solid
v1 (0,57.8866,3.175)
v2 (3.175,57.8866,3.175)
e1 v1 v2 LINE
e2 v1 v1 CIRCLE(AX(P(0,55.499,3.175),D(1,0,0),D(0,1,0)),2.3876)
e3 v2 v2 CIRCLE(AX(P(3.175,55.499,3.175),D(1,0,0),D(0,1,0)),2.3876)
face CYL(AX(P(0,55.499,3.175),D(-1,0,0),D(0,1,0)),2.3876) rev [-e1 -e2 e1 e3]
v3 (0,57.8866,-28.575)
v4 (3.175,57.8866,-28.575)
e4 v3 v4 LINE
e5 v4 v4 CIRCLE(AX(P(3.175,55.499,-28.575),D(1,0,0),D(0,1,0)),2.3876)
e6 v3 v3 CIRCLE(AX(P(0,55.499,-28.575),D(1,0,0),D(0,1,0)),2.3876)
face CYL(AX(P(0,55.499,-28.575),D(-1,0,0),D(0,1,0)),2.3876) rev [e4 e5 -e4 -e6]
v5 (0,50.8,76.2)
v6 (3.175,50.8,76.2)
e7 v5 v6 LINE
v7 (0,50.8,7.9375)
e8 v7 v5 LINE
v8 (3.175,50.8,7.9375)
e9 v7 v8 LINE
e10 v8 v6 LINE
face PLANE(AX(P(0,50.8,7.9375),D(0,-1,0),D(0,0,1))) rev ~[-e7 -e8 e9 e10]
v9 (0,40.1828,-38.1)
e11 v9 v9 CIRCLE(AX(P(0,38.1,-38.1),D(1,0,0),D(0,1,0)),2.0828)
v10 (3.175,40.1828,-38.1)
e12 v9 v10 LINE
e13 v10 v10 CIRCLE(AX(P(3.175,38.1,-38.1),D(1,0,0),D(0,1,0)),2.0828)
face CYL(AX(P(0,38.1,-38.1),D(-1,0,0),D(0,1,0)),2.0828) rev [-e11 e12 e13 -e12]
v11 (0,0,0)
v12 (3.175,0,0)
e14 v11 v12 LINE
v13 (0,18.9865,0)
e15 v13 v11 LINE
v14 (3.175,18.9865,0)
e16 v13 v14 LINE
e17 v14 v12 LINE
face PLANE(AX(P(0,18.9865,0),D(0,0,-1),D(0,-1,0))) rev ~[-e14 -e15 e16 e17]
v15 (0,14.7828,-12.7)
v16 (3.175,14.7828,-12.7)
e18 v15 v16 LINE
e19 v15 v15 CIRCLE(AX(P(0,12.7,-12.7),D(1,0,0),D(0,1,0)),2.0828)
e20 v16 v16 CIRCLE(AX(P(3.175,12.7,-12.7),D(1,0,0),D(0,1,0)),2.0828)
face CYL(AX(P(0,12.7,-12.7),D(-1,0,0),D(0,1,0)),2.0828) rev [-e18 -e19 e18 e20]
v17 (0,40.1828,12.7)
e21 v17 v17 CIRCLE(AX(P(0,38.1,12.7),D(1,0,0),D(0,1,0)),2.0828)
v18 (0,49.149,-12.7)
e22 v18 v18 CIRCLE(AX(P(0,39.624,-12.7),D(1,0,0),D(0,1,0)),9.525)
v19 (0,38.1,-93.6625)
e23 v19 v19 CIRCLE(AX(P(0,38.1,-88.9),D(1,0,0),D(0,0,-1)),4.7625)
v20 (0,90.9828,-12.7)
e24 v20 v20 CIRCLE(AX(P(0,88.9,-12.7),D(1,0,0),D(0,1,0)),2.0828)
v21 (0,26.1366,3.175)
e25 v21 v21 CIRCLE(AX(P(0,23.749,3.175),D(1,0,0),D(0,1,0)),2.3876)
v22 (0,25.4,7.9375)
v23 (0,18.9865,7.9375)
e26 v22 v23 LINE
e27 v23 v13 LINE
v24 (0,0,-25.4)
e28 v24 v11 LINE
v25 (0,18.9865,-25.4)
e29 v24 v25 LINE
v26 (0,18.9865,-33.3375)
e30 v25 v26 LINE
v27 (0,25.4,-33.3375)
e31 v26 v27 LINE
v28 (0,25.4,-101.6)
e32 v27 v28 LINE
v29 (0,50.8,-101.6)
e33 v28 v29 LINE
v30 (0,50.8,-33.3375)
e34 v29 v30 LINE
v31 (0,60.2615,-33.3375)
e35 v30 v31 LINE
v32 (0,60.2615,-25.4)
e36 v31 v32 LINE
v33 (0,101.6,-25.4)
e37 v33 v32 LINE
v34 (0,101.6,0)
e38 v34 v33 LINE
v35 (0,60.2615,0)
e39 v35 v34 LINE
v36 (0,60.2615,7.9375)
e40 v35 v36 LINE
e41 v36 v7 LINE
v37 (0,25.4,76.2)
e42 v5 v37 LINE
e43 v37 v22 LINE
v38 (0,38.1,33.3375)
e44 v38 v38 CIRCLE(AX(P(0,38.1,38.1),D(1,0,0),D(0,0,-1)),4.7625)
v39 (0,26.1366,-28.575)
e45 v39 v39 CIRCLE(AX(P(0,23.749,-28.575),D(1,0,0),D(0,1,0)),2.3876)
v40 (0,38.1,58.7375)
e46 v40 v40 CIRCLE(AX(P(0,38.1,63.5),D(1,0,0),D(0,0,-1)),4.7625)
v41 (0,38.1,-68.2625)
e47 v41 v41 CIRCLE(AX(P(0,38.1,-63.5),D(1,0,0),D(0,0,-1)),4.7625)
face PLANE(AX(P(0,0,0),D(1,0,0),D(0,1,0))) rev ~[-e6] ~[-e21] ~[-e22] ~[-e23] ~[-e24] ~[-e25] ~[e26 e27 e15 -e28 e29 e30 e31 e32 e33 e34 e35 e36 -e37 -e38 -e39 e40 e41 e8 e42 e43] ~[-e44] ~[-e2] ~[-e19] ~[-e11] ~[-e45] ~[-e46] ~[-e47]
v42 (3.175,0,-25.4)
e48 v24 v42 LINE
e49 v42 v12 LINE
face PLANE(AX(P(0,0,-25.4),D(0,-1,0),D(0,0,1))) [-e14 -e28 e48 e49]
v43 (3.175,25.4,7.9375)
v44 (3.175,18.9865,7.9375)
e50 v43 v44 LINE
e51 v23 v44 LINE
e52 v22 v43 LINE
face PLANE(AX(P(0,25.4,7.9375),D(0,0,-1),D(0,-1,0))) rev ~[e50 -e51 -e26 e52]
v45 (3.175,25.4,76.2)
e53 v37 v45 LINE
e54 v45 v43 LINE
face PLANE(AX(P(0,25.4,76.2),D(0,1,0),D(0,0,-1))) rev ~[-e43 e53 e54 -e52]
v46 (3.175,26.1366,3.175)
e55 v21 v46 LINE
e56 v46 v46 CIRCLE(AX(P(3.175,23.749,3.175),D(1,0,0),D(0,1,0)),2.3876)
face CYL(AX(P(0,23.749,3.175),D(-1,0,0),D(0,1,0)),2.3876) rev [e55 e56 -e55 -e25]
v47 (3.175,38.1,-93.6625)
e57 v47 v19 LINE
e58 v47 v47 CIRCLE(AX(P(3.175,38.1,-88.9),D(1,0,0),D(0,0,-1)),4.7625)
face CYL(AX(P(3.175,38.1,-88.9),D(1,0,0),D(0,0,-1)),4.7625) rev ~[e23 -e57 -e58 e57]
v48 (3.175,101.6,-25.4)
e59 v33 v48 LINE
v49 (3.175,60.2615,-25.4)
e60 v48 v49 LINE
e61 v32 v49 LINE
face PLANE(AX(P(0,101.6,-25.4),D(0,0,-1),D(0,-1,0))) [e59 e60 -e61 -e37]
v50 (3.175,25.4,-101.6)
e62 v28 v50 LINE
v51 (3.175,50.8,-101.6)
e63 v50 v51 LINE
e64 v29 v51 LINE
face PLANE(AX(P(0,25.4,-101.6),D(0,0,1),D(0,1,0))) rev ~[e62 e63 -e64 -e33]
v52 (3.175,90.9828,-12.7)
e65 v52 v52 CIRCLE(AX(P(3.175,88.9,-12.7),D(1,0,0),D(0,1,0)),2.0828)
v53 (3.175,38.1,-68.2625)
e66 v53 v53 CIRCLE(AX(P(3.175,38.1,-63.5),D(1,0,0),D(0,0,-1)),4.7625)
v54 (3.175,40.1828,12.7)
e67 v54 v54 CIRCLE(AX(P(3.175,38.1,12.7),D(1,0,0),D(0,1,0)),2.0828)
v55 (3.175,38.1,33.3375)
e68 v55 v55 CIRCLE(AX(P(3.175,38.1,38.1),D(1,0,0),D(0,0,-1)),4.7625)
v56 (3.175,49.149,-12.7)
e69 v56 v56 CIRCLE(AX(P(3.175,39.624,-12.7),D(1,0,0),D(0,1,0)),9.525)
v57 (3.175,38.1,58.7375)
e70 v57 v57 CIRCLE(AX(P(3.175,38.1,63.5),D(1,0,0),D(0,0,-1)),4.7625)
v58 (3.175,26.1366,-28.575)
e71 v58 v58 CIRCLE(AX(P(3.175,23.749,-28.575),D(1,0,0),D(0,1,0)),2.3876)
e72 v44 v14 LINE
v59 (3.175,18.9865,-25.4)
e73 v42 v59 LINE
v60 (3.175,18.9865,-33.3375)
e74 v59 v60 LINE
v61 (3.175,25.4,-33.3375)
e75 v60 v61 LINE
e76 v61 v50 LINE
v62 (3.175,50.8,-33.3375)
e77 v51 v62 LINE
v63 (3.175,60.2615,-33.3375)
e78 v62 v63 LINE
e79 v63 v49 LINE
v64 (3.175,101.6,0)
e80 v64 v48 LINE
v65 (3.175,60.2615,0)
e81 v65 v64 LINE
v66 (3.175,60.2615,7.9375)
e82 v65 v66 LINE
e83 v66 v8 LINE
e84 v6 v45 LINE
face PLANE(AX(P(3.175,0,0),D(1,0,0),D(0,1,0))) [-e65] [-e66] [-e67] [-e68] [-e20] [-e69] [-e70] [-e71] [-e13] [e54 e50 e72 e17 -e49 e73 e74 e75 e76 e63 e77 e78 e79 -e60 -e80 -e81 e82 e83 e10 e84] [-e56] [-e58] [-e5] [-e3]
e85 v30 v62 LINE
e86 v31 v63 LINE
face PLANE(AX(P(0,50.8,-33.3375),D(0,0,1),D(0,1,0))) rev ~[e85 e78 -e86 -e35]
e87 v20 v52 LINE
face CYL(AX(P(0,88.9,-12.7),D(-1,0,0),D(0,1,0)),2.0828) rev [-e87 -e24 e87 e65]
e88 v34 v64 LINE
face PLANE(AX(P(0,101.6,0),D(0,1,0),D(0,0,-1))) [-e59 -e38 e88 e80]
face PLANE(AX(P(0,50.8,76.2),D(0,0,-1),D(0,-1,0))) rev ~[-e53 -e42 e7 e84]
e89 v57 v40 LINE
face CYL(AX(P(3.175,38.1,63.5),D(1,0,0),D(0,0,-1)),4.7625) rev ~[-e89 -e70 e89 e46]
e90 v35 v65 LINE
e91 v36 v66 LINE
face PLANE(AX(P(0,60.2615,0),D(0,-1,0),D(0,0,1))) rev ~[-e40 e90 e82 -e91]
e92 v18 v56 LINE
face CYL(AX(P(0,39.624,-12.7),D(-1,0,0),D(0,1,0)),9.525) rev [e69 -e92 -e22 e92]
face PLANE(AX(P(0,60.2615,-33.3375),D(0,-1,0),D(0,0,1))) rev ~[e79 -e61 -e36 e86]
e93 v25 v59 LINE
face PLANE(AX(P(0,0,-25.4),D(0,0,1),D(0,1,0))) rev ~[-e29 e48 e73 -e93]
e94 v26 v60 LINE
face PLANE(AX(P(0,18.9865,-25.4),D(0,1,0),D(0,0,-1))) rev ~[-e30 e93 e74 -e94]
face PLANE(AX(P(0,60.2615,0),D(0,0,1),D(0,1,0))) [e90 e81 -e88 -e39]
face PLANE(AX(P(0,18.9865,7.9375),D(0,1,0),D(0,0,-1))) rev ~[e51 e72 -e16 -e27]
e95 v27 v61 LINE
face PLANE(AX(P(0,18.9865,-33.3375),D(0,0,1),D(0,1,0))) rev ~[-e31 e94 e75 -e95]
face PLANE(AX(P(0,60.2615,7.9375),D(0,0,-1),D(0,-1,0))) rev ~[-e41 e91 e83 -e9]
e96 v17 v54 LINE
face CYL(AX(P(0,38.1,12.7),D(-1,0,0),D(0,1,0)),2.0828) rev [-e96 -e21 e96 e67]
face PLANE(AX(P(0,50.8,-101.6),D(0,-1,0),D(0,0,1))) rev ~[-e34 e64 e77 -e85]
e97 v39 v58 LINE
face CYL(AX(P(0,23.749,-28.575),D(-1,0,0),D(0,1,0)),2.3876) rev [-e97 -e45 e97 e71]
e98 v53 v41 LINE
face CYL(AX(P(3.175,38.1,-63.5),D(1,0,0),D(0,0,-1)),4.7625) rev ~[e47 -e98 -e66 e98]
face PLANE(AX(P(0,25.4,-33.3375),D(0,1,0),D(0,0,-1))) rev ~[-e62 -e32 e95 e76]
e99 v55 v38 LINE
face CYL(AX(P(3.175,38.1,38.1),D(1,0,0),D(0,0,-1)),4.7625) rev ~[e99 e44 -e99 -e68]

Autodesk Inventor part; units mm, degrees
ref_plane "YZ Plane" through (0, 0, 0) normal (1, 0, 0) x (0, 1, 0)
ref_plane "XZ Plane" through (0, 0, 0) normal (0, 1, 0) x (-1, 0, 0)
ref_plane "XY Plane" through (0, 0, 0) normal (0, 0, 1) x (1, 0, 0)
sketch "Sketch1" plane through (0, 0, 0) normal (1, 0, 0) x (0, 1, 0)
  line L0 (101.6, 0) -> (101.6, -25.4)
  line L1 (0, -25.4) -> (0, 0)
  line L2 (101.6, -25.4) -> (60.2615, -25.4)
  line L3 (18.9865, 7.9375) -> (18.9865, 0)
  line L4 (18.9865, -25.4) -> (18.9865, -33.3375)
  line L5 (60.2615, 0) -> (101.6, 0)
  line L6 (60.2615, -33.3375) -> (60.2615, -25.4)
  line L7 (60.2615, 0) -> (60.2615, 7.9375)
  circle A0 centre (88.9, -12.7) radius 2.0828
  circle A1 centre (12.7, -12.7) radius 2.0828
  line L8 (55.499, 3.175) -> (23.749, 3.175) construction
  line L9 (23.749, 3.175) -> (23.749, -28.575) construction
  line L10 (23.749, -28.575) -> (55.499, -28.575) construction
  line L11 (55.499, -28.575) -> (55.499, 3.175) construction
  circle A2 centre (55.499, 3.175) radius 2.3876
  circle A3 centre (55.499, -28.575) radius 2.3876
  circle A4 centre (23.749, 3.175) radius 2.3876
  circle A5 centre (23.749, -28.575) radius 2.3876
  circle A6 centre (39.624, -12.7) radius 9.525
  line L12 (18.9865, 0) -> (0, 0)
  line L13 (0, -25.4) -> (18.9865, -25.4)
  line L14 (50.8, 7.9375) -> (50.8, 76.2)
  line L15 (50.8, 76.2) -> (25.4, 76.2)
  line L16 (25.4, 76.2) -> (25.4, 7.9375)
  line L17 (25.4, -33.3375) -> (25.4, -101.6)
  line L18 (25.4, -101.6) -> (50.8, -101.6)
  line L19 (50.8, -101.6) -> (50.8, -33.3375)
  line L20 (60.2615, 7.9375) -> (50.8, 7.9375)
  line L21 (25.4, 7.9375) -> (18.9865, 7.9375)
  line L22 (18.9865, -33.3375) -> (25.4, -33.3375)
  line L23 (50.8, -33.3375) -> (60.2615, -33.3375)
  circle A7 centre (38.1, 12.7) radius 2.0828
  circle A8 centre (38.1, -38.1) radius 2.0828
  circle A9 centre (38.1, 38.1) radius 2.0828
  circle A10 centre (38.1, 63.5) radius 2.0828
  circle A11 centre (38.1, -63.5) radius 2.0828
  circle A12 centre (38.1, -88.9) radius 2.0828
  dimension "d0" = 25.4
  dimension "d1" = 101.6
  dimension "d2" = 41.275
  dimension "d5" = 4.1656
  dimension "d6" = 4.1656
  dimension "d7" = 31.75
  dimension "d8" = 31.75
  dimension "d10" = 4.7625
  dimension "d11" = 12.7
  dimension "d12" = 12.7
  dimension "d13" = 12.7
  dimension "d15" = 4.7752
  dimension "d18" = 31.75
  dimension "d21" = 31.75
  dimension "d24" = 19.05
  dimension "d26" = 20.6375
  dimension "d29" = 61.976
  dimension "d31" = 12.7
  dimension "d32" = 25.4
  dimension "d33" = 25.4
  dimension "d34" = 76.2
  dimension "d35" = 25.4
  dimension "d36" = 76.2
  dimension "d40" = 41.275
  dimension "d41" = 4.7625
  dimension "d42" = 20.6375
  dimension "d44" = 4.1656
  dimension "d45" = 4.1656
  dimension "d46" = 12.7
  dimension "d47" = 12.7
  dimension "d50" = 25.4
  dimension "d55" = 12.7
  dimension "d56" = 12.7
  dimension "d59" = 25.4
extrude "Extrusion1" add sketch "Sketch1" along normal blind 3.175
sketch "Sketch2" plane through (3.175, 0, 0) normal (1, 0, 0) x (0, 0, -1)
  circle A0 centre (88.9, 38.1) radius 2.0828 projected
  circle A1 centre (63.5, 38.1) radius 2.0828 projected
  circle A2 centre (-63.5, 38.1) radius 2.0828 projected
  circle A3 centre (-38.1, 38.1) radius 2.0828 projected
  circle A4 centre (88.9, 38.1) radius 4.7625
  circle A5 centre (63.5, 38.1) radius 4.7625
  circle A6 centre (-38.1, 38.1) radius 4.7625
  circle A7 centre (-63.5, 38.1) radius 4.7625
  dimension "d64" = 9.525
  dimension "d65" = 9.525
  dimension "d66" = 9.525
  dimension "d67" = 9.525
extrude "Extrusion2" cut sketch "Sketch2" against normal blind 25.4 contours A0 | A1 | A4 | A5 | A6 | A7
properties part number "Plate" material "Aluminum 6061"
